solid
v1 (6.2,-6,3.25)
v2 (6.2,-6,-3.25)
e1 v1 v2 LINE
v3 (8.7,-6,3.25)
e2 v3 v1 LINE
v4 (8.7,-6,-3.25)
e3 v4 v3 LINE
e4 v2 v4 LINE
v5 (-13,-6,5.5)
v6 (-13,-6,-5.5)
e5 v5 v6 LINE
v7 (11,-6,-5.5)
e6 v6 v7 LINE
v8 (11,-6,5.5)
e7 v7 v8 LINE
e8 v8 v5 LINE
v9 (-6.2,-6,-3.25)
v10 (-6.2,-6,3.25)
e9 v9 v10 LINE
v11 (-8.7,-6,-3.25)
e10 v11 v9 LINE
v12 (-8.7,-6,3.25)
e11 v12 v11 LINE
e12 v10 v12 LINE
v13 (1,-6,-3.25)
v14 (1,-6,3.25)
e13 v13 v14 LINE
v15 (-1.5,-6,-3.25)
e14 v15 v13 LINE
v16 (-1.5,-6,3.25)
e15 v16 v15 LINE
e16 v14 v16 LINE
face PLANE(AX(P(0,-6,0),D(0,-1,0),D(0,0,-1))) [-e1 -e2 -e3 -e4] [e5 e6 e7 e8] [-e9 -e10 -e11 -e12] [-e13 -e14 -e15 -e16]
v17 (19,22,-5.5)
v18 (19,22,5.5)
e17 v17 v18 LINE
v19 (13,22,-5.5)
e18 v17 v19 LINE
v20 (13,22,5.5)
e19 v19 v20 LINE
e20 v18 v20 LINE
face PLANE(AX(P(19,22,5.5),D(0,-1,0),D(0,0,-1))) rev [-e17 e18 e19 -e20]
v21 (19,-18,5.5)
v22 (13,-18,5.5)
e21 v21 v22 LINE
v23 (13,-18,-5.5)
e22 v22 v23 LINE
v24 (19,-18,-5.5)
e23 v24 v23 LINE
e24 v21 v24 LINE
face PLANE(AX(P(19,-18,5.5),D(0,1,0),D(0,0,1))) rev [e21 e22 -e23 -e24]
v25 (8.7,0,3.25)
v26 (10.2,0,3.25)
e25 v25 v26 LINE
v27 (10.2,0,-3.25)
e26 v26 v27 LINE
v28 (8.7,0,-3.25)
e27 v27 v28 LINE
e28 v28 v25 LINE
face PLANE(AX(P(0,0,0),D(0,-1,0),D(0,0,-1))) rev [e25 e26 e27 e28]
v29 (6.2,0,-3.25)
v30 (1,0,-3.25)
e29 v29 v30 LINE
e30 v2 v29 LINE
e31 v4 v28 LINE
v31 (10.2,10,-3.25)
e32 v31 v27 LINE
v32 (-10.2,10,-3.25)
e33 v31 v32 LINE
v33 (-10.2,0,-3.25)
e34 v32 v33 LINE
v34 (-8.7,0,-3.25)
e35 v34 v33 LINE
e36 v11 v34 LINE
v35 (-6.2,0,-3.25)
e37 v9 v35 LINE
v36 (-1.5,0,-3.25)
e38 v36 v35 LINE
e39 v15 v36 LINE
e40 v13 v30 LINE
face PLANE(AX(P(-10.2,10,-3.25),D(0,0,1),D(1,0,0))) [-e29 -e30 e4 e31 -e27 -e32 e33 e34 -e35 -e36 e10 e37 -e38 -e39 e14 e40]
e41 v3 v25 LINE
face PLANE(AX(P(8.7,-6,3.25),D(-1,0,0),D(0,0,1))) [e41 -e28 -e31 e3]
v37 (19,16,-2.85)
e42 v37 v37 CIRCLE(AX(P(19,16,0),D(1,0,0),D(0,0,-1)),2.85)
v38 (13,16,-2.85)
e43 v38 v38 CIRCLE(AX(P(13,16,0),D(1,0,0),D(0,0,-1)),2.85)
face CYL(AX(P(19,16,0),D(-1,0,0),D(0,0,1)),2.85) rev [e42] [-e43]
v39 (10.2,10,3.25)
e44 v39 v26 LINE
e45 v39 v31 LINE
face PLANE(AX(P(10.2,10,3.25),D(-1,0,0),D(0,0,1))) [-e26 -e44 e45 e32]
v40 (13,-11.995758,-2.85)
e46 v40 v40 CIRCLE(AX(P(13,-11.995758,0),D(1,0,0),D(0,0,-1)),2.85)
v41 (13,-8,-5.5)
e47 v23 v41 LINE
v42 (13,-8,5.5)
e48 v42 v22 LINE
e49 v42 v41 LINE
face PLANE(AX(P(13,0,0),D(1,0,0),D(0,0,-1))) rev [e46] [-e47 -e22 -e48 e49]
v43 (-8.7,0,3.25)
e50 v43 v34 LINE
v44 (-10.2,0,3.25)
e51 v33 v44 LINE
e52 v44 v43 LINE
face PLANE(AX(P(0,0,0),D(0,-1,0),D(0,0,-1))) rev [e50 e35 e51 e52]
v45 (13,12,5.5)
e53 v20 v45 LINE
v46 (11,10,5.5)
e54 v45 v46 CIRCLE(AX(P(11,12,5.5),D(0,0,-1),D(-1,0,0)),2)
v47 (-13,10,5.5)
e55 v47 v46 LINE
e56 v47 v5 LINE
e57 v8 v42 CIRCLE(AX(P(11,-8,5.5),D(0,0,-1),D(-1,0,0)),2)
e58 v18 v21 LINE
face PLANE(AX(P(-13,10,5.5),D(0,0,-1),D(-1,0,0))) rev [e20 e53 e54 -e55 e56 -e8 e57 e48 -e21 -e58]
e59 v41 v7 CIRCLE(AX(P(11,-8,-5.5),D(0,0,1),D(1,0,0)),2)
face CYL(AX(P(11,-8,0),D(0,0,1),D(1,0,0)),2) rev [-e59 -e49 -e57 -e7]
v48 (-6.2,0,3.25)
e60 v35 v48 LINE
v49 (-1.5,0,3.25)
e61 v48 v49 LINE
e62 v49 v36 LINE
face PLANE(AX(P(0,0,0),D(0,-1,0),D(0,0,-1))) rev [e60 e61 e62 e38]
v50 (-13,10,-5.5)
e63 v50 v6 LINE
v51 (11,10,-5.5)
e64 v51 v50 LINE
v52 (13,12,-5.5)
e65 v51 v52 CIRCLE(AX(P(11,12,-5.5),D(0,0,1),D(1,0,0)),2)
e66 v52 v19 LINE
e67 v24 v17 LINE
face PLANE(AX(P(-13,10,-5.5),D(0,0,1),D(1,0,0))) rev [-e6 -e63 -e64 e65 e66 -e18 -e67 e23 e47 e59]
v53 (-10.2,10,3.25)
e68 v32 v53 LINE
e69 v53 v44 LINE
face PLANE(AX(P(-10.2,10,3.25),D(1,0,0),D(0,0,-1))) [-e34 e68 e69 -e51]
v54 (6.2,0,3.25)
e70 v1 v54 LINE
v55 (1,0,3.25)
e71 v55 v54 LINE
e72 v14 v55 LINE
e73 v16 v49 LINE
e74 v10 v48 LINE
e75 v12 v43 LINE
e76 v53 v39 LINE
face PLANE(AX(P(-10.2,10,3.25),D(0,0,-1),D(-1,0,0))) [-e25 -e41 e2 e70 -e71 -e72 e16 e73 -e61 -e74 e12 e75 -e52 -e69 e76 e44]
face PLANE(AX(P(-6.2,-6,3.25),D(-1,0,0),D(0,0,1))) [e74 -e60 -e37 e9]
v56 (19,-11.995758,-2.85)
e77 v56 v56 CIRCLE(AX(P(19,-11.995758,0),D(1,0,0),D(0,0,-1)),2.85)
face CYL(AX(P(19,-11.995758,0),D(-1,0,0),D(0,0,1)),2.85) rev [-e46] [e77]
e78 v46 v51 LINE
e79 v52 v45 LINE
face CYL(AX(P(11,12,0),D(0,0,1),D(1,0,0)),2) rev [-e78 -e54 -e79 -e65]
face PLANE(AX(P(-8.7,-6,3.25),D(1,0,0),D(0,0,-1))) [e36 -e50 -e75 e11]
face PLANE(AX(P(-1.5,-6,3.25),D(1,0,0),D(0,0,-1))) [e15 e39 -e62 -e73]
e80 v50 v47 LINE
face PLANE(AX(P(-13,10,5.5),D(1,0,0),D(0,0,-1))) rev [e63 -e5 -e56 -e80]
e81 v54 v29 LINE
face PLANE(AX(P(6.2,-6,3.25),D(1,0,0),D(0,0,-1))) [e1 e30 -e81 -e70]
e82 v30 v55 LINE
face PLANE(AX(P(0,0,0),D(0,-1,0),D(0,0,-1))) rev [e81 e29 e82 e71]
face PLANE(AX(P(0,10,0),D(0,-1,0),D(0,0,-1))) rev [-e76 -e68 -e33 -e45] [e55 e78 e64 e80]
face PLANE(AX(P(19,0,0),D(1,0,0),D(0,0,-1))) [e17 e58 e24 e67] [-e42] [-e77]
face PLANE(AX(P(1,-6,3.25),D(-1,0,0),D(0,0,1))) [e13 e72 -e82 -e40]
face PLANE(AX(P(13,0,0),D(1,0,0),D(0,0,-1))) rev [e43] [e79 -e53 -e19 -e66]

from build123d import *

# Parameters (mm, degrees)
SKETCH2_W           = 26
SKETCH2_H           = 11
SKETCH2_W_2         = 20.4
SKETCH2_H_2         = 6.5
BOSS_EXTRUDE1_DEPTH = 10
SKETCH3_W           = 26
SKETCH3_H           = 11
SKETCH3_W_2         = 2.5
SKETCH3_H_2         = 6.5
BOSS_EXTRUDE2_DEPTH = 6
SKETCH4_W           = 11
SKETCH4_H           = 40
SKETCH4_R           = 2.85
BOSS_EXTRUDE3_DEPTH = 6
FILLET1_R           = 2


with BuildPart() as part:
    # Sketch2 → Boss-Extrude1 (new body)
    with BuildSketch(Plane(origin=(0, 0, 0), x_dir=(1, 0, 0), z_dir=(0, 1, 0))):
        Rectangle(SKETCH2_W, SKETCH2_H)
        Rectangle(SKETCH2_W_2, SKETCH2_H_2, mode=Mode.SUBTRACT)
    extrude(amount=BOSS_EXTRUDE1_DEPTH)

    # Sketch3 → Boss-Extrude2 (add)
    with BuildSketch(Plane.XZ):
        Rectangle(SKETCH3_W, SKETCH3_H)
        with Locations((-7.45, 0)):
            Rectangle(SKETCH3_W_2, SKETCH3_H_2, mode=Mode.SUBTRACT)
        with Locations((-0.25, 0)):
            Rectangle(SKETCH3_W_2, SKETCH3_H_2, mode=Mode.SUBTRACT)
        with Locations((7.45, 0)):
            Rectangle(SKETCH3_W_2, SKETCH3_H_2, mode=Mode.SUBTRACT)
    extrude(amount=BOSS_EXTRUDE2_DEPTH)

    # Sketch4 → Boss-Extrude3 (add)
    with BuildSketch(Plane(origin=(13, 0, 0), x_dir=(0, 0, -1), z_dir=(1, 0, 0))):
        with Locations((0, 2)):
            Rectangle(SKETCH4_W, SKETCH4_H)
        with Locations((0, 16)):
            Circle(SKETCH4_R, mode=Mode.SUBTRACT)
        with Locations((0, -11.995757917)):
            Circle(SKETCH4_R, mode=Mode.SUBTRACT)
    extrude(amount=BOSS_EXTRUDE3_DEPTH)

    # Fillet1
    fillet1_edges = [part.edges().sort_by_distance(p)[0] for p in [
        (13, -6, 0),
        (13, 10, 0),
    ]]
    fillet(fillet1_edges, radius=FILLET1_R)


solid = part.part
